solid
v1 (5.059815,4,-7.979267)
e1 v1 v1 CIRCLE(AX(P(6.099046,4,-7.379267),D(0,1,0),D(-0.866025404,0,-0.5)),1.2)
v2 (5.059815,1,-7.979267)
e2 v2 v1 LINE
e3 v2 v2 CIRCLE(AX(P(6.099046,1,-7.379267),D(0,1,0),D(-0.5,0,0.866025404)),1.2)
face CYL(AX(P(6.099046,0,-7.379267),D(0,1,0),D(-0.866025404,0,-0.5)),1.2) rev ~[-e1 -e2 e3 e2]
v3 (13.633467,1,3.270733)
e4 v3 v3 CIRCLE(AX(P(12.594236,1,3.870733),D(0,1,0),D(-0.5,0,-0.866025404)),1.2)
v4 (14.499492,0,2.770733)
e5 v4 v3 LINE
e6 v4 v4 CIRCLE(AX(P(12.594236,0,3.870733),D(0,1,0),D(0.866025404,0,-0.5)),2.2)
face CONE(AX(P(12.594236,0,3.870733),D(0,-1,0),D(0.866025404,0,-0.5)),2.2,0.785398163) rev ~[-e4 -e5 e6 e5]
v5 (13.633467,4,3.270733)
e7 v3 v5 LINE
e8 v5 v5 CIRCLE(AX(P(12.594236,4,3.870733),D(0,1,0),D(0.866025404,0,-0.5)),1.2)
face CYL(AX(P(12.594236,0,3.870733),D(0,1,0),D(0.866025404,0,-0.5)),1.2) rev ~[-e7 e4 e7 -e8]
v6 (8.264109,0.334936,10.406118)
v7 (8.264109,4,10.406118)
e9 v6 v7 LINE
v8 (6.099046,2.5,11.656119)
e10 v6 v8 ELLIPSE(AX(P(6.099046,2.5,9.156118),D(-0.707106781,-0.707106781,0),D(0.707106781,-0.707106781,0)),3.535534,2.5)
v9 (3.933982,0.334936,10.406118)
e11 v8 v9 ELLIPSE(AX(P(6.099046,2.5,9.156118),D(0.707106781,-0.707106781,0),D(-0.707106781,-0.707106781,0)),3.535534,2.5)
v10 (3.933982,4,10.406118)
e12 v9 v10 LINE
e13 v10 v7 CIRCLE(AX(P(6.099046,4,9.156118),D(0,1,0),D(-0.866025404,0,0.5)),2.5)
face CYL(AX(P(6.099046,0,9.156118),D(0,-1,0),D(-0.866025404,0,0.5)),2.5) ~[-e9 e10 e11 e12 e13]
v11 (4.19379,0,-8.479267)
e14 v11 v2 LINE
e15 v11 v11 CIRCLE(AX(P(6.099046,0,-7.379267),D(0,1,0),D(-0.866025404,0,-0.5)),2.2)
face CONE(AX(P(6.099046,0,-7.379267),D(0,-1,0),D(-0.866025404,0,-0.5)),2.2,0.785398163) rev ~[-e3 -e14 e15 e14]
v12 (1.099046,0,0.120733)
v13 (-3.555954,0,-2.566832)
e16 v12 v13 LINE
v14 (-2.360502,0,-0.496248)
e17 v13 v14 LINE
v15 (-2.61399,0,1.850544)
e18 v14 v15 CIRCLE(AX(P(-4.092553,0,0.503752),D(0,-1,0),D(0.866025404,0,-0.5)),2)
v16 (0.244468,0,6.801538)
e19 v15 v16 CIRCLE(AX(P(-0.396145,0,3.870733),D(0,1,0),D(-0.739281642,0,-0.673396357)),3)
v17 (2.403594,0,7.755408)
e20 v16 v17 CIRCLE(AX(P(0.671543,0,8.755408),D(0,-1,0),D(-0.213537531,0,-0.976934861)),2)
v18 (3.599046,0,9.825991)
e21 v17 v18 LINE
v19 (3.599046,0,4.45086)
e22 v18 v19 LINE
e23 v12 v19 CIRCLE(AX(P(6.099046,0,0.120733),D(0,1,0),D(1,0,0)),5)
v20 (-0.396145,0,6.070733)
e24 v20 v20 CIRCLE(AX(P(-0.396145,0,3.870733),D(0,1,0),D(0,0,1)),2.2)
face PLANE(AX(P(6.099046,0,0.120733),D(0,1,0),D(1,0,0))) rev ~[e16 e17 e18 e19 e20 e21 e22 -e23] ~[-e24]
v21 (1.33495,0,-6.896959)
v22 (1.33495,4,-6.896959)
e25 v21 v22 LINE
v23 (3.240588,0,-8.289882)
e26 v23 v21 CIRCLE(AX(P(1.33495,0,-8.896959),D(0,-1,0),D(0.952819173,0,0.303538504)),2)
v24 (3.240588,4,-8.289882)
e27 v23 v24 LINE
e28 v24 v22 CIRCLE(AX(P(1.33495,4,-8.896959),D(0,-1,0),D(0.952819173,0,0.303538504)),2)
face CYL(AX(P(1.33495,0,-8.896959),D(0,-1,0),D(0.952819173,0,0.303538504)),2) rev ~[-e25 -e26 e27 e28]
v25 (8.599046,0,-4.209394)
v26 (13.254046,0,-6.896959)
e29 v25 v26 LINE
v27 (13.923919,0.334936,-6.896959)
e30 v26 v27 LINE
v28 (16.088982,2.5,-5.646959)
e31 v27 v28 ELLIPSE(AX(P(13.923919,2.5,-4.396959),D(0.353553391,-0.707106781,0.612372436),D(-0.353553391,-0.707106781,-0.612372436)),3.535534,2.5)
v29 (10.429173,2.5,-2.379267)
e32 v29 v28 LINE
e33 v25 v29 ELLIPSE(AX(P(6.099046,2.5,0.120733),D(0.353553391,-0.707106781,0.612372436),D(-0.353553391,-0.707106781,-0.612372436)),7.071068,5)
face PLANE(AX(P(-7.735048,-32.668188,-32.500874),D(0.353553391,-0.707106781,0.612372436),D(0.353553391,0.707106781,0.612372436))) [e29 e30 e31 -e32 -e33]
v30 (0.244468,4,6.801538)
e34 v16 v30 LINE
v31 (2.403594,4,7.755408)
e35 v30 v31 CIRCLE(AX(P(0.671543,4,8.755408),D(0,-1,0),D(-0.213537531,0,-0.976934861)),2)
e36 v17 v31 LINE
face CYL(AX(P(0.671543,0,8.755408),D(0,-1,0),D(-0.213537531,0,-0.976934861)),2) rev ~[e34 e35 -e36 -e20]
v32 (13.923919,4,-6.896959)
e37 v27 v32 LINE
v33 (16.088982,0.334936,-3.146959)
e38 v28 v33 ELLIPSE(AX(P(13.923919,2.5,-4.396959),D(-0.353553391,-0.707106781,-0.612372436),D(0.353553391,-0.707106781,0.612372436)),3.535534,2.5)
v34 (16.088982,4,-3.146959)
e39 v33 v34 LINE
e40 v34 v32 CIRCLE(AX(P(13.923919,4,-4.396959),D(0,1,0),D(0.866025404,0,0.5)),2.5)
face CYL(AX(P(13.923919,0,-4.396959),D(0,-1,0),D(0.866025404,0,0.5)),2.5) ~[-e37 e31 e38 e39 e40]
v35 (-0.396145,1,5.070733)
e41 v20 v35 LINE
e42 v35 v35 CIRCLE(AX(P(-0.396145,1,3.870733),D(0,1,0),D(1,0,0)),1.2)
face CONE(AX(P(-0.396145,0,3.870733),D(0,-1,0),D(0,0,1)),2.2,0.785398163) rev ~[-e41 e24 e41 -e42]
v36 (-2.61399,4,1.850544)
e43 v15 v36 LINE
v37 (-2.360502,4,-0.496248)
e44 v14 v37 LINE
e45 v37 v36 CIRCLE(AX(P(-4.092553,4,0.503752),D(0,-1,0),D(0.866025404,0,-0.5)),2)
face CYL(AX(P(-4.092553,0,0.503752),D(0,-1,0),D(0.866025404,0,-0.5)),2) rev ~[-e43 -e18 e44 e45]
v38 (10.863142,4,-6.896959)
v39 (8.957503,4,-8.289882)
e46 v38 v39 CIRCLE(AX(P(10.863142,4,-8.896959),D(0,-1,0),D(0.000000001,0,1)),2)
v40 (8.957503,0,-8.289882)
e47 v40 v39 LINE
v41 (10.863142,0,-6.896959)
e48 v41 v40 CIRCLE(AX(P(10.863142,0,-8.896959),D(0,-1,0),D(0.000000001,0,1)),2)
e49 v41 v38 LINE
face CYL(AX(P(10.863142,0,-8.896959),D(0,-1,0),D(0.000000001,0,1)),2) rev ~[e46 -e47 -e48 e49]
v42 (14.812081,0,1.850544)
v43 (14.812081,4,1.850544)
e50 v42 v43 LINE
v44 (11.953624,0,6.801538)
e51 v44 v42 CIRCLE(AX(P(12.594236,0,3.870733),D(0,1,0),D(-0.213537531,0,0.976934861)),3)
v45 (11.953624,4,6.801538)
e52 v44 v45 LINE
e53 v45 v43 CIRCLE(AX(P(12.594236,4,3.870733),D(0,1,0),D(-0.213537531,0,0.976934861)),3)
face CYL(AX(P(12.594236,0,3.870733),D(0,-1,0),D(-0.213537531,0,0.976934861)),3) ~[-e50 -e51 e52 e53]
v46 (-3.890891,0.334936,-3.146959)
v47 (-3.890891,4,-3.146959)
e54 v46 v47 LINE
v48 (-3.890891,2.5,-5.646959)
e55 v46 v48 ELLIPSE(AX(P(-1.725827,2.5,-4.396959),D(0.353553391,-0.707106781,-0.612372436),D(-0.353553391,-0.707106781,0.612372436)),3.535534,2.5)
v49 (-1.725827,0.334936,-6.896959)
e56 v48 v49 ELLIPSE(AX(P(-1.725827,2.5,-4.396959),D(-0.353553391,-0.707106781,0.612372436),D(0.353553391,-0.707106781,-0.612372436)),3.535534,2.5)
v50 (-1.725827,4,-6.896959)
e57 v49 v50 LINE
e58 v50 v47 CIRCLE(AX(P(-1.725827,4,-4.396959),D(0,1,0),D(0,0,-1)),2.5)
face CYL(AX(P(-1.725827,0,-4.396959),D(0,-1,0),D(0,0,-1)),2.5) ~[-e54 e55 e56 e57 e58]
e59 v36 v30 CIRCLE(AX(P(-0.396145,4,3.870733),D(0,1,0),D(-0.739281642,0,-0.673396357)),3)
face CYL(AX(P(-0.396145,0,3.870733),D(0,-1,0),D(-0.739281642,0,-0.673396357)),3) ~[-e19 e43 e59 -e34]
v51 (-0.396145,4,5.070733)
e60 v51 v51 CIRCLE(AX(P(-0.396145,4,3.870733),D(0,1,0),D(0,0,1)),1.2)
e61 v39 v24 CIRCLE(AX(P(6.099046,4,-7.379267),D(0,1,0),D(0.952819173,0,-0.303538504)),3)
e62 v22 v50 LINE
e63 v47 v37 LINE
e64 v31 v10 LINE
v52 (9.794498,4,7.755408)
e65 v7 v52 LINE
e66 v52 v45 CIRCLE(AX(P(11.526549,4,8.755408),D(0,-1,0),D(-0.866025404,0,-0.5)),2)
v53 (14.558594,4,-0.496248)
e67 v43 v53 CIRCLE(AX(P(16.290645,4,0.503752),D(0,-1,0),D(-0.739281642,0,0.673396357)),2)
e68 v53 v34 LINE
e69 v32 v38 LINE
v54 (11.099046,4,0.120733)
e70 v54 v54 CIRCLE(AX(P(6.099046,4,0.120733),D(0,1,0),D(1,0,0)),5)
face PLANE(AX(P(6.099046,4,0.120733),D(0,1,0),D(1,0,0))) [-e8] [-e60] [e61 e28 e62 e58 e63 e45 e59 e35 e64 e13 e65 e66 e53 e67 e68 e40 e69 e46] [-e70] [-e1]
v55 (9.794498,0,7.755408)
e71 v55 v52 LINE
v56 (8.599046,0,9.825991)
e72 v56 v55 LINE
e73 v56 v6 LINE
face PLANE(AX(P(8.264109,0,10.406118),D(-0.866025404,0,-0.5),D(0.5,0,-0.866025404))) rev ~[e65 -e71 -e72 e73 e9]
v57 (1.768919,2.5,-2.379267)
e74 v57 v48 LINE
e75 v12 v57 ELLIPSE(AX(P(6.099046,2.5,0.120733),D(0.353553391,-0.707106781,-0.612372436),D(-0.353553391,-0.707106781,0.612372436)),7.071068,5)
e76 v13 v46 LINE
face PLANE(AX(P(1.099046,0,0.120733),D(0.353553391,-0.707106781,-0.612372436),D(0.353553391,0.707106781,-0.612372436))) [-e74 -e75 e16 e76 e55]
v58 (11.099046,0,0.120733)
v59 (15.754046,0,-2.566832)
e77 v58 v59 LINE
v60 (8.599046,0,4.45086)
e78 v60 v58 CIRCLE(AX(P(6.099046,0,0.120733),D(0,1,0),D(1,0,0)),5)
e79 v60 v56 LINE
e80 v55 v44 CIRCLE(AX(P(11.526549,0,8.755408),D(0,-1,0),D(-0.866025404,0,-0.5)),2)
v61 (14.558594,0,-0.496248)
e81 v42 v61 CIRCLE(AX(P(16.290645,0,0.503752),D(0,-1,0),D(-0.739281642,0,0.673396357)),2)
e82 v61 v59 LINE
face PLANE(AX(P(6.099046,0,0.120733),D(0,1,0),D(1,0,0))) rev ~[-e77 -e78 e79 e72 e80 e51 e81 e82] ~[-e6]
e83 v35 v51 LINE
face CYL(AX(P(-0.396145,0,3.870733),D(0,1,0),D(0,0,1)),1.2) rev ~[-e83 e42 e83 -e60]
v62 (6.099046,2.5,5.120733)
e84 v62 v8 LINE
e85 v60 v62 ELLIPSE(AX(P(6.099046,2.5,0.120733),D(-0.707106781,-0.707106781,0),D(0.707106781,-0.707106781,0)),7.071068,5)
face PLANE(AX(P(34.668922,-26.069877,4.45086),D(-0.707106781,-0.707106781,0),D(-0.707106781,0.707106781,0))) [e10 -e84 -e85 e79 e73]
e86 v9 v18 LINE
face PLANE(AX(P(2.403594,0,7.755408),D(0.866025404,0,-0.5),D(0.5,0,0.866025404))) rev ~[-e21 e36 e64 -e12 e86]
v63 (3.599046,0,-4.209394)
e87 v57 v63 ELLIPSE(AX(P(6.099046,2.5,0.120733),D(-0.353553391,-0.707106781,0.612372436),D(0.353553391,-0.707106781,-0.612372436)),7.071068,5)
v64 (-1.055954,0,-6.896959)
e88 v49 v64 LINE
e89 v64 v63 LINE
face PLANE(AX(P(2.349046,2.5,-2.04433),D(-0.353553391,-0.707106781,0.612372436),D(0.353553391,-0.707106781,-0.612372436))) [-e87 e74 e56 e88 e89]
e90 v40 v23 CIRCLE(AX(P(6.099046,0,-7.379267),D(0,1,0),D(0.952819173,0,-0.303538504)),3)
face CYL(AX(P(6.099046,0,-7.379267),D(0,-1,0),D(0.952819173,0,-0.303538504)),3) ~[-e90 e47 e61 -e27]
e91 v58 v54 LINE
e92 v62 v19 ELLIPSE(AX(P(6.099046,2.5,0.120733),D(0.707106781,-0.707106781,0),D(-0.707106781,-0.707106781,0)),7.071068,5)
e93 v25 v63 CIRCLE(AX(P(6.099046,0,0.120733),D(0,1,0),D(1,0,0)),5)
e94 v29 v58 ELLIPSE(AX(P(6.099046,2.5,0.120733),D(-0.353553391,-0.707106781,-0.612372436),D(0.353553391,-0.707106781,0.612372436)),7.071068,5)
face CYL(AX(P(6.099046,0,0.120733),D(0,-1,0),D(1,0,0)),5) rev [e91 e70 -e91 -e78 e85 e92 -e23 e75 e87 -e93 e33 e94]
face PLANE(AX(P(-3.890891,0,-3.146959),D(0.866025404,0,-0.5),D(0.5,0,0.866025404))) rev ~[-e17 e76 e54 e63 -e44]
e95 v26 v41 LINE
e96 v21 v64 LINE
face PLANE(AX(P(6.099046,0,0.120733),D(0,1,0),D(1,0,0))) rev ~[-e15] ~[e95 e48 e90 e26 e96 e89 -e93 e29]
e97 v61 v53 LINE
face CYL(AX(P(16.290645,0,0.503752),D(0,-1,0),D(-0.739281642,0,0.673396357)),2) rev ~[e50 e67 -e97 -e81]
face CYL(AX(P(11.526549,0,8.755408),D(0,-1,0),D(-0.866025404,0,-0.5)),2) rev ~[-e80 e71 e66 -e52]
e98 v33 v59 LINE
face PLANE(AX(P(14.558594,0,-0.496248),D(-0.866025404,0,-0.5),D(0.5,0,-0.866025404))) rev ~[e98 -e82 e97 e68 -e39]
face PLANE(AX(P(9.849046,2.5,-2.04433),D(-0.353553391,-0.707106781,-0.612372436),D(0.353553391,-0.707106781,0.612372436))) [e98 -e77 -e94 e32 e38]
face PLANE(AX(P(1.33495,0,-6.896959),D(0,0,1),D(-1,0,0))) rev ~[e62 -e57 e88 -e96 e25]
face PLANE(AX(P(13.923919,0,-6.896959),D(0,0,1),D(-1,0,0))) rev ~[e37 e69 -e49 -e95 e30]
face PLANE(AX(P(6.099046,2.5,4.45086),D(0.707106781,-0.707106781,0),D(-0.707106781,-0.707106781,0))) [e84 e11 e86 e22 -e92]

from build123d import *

# Parameters (mm, degrees)
SKETCH1_R                                       = 5
EXTRUDE1_DEPTH                                  = 4
CSK_FOR_M2_OVAL_HEAD_MACHINE_SCREW1_D           = 2.4
CSK_FOR_M2_OVAL_HEAD_MACHINE_SCREW1_CSINK_D     = 4.4
CSK_FOR_M2_OVAL_HEAD_MACHINE_SCREW1_CSINK_ANGLE = 90
CIRPATTERN2_COUNT                               = 3
EXTRUDE4_START                                  = 4.45086
EXTRUDE4_DEPTH                                  = 7.205259
EXTRUDE5_START                                  = 4.330127
EXTRUDE5_DEPTH                                  = 7.205258
EXTRUDE6_START                                  = 4.330127
EXTRUDE6_DEPTH                                  = 7.205258


with BuildPart() as part:
    # Sketch1 → Extrude1 (new body)
    with BuildSketch(Plane(origin=(0, 0, 0), x_dir=(1, 0, 0), z_dir=(0, 1, 0))):
        with BuildLine():
            Line((-3.89089061, 3.146959138), (-2.360502052, 0.4962484))
            ThreePointArc((-2.360502052, 0.4962484), (-2.104118872, -0.718531203), (-2.613989574, -1.850544314))
            ThreePointArc((-2.613989574, -1.850544314), (-2.994220859, -5.370733384), (0.244467944, -6.801537968))
            ThreePointArc((0.244467944, -6.801537968), (1.479755407, -6.925983542), (2.403593813, -7.75540769))
            Line((2.403593813, -7.75540769), (3.933982371, -10.406118428))
            ThreePointArc((3.933982371, -10.406118428), (6.099045881, -11.656118428), (8.26410939, -10.406118428))
            Line((8.26410939, -10.406118428), (9.794497948, -7.75540769))
            ThreePointArc((9.794497948, -7.75540769), (10.718336354, -6.925983542), (11.953623817, -6.801537968))
            ThreePointArc((11.953623817, -6.801537968), (15.192312621, -5.370733384), (14.812081336, -1.850544314))
            ThreePointArc((14.812081336, -1.850544314), (14.302210633, -0.718531203), (14.558593813, 0.4962484))
            Line((14.558593813, 0.4962484), (16.088982371, 3.146959138))
            ThreePointArc((16.088982371, 3.146959138), (16.088982371, 5.646959138), (13.923918862, 6.896959138))
            Line((13.923918862, 6.896959138), (10.863141746, 6.896959138))
            ThreePointArc((10.863141746, 6.896959138), (9.68292016, 7.282314592), (8.9575034, 8.289882129))
            ThreePointArc((8.9575034, 8.289882129), (6.099045881, 10.379266616), (3.240588362, 8.289882129))
            ThreePointArc((3.240588362, 8.289882129), (2.515171602, 7.282314592), (1.334950016, 6.896959138))
            Line((1.334950016, 6.896959138), (-1.7258271, 6.896959138))
            ThreePointArc((-1.7258271, 6.896959138), (-3.89089061, 5.646959138), (-3.89089061, 3.146959138))
        make_face()
        with Locations((6.099045881, -0.120733384)):
            Circle(SKETCH1_R, mode=Mode.SUBTRACT)
    extrude(amount=EXTRUDE1_DEPTH)

    # CSK for M2 Oval Head Machine Screw1 (through all)
    with Locations(Plane(origin=(-0.396144648, 0, 3.870733384), x_dir=(0, 0, -1), z_dir=(0, -1, 0))):
        with Locations((0, 0)):
            csk_for_m2_oval_head_machine_screw1 = CounterSinkHole(CSK_FOR_M2_OVAL_HEAD_MACHINE_SCREW1_D / 2, CSK_FOR_M2_OVAL_HEAD_MACHINE_SCREW1_CSINK_D / 2, counter_sink_angle=CSK_FOR_M2_OVAL_HEAD_MACHINE_SCREW1_CSINK_ANGLE)

    # CirPattern2: CSK for M2 Oval Head Machine Screw1 ×3 about axis
    cirpattern2_axis = Axis((6.099045881, 0, 0.120733384), (0, 1, 0))
    for i in range(1, CIRPATTERN2_COUNT):
        add(csk_for_m2_oval_head_machine_screw1.rotate(cirpattern2_axis, i * 360 / CIRPATTERN2_COUNT), mode=Mode.SUBTRACT)

    # GrooveSketch → Extrude4 (cut)
    with BuildSketch(Plane.XY.offset(EXTRUDE4_START)):
        Polygon((34.668922444, -26.069876563), (8.599045881, 0), (6.099045881, 2.5), (3.599045881, 0), (-22.470830682, -26.069876563), (-22.470830682, -99.806622573), (34.668922444, -99.806622573), align=None)
    extrude(amount=EXTRUDE4_DEPTH, mode=Mode.SUBTRACT)

    # Sketch9 → Extrude5 (cut)
    with BuildSketch(Plane(origin=(4.6265635, 0, 2.671147682), x_dir=(-0.5, 0, 0.866025404), z_dir=(-0.866025404, 0, -0.5)).offset(EXTRUDE5_START)):
        Polygon((32.223222882, -32.668187644), (-0.444964763, 0), (-2.944964763, 2.5), (-5.444964763, 0), (-38.113152407, -32.668187644), (-38.113152407, -125.067775694), (32.223222882, -125.067775694), align=None)
    extrude(amount=EXTRUDE5_DEPTH, mode=Mode.SUBTRACT)

    # Sketch10 → Extrude6 (cut)
    with BuildSketch(Plane(origin=(4.522005322, 0, -2.61078099), x_dir=(-0.5, 0, -0.866025404), z_dir=(0.866025404, 0, -0.5)).offset(EXTRUDE6_START)):
        Polygon((32.014106526, -32.668187644), (-0.654081118, 0), (-3.154081118, 2.5), (-5.654081118, 0), (-38.322268763, -32.668187644), (-38.322268763, -125.067775694), (32.014106526, -125.067775694), align=None)
    extrude(amount=EXTRUDE6_DEPTH, mode=Mode.SUBTRACT)


solid = part.part
